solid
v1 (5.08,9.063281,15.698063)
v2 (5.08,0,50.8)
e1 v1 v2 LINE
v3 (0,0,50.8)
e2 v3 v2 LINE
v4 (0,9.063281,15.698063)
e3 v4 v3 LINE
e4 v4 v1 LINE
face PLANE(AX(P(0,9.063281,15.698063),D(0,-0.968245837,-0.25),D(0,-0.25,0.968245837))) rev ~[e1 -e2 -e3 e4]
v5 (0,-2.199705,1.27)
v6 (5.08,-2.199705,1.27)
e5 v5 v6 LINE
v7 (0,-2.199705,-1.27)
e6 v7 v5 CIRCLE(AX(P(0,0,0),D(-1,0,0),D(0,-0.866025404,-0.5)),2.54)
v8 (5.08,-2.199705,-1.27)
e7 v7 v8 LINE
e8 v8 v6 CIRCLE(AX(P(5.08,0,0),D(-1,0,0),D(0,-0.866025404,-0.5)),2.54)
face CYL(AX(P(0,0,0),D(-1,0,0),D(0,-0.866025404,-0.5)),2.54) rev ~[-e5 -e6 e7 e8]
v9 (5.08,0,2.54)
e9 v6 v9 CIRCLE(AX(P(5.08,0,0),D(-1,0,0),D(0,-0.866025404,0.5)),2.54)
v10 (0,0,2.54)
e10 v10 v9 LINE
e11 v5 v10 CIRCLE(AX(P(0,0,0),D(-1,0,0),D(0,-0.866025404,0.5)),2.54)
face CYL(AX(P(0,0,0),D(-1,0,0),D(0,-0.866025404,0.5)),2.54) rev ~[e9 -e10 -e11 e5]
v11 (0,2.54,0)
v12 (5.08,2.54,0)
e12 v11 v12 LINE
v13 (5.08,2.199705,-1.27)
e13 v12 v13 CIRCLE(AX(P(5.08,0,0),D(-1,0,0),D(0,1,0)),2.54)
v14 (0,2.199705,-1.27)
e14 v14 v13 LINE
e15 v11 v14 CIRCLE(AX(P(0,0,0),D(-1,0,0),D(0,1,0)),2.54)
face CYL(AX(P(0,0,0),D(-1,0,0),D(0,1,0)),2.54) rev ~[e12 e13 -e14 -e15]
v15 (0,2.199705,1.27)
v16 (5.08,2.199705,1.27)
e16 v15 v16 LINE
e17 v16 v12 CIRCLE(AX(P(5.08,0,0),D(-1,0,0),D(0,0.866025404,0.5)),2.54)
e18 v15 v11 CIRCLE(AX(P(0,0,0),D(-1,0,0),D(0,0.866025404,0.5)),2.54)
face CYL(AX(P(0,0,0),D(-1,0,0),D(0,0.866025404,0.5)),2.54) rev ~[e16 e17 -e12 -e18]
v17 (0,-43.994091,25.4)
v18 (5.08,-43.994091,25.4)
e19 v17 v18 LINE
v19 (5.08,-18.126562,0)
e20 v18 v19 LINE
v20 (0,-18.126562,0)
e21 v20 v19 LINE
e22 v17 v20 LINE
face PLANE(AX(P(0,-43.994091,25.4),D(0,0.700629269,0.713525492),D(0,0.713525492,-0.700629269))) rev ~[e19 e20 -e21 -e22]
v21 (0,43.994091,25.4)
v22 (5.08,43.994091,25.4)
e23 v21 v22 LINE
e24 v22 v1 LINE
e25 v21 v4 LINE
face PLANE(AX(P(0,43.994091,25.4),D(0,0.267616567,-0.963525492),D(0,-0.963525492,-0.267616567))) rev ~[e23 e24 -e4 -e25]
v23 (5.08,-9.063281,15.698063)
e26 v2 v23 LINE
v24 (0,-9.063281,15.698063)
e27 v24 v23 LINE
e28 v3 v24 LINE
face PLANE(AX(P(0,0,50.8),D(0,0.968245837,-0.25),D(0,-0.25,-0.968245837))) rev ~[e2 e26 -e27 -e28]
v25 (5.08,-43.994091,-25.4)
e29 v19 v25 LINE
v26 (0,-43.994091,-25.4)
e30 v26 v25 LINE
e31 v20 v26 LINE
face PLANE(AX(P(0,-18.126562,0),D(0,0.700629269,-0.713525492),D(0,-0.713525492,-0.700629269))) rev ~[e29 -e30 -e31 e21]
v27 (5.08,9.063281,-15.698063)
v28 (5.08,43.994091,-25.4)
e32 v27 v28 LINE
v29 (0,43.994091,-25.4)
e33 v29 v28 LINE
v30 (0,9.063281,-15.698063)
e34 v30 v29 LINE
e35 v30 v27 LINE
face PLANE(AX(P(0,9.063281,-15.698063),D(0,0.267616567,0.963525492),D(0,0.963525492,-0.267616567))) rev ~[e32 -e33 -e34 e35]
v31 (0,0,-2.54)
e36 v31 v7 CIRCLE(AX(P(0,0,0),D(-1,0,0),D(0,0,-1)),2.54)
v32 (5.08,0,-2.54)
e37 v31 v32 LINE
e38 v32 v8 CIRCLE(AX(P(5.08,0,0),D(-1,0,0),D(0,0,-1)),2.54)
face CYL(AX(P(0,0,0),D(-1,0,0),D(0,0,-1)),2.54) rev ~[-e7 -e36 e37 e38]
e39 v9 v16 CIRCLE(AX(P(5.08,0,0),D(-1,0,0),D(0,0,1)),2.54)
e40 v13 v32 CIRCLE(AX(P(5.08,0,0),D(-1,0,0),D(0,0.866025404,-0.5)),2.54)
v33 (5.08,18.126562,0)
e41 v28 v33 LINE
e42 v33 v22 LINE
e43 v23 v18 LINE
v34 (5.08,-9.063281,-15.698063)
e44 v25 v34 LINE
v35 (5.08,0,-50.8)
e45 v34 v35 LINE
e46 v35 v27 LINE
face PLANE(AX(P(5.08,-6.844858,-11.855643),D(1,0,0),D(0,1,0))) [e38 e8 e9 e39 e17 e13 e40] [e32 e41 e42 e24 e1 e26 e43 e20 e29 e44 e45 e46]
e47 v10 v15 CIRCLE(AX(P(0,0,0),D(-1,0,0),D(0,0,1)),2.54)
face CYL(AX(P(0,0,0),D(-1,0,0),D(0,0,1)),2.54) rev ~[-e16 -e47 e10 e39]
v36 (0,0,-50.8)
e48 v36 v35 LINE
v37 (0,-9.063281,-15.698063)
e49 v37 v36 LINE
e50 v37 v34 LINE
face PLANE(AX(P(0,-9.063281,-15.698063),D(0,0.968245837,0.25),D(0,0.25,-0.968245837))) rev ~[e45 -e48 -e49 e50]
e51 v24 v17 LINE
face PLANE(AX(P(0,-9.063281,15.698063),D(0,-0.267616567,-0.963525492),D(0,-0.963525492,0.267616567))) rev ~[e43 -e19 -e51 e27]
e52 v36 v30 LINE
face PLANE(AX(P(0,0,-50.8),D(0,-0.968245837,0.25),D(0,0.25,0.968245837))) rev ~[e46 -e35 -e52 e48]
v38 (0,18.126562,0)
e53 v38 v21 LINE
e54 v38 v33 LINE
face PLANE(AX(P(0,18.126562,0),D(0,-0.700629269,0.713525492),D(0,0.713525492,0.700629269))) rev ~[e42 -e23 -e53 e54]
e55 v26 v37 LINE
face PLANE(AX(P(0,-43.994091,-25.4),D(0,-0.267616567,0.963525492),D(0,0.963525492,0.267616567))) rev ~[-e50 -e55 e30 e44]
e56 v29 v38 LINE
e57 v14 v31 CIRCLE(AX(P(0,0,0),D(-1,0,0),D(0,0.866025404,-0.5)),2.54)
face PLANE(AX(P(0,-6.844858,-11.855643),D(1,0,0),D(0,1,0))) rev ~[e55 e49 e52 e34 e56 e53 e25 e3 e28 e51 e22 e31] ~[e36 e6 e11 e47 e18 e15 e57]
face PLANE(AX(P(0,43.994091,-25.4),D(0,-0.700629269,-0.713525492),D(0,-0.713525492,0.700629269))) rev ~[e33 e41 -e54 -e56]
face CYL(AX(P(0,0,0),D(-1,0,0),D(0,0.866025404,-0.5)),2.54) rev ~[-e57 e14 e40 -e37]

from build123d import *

# Parameters (mm, degrees)
F1_DEPTH = 5.08


with BuildPart() as f1:
    # F0 (on Right) → F1 (new body)
    with BuildSketch(Plane.YZ):
        with BuildLine():
            Line((0, -13.1807618078), (-3.3987304051, -12.2367737428))
            ThreePointArc((-3.3987304051, -12.2367737428), (-6.35, -10.9985226281), (-8.8979917191, -9.0617737428))
            Line((-8.8979917191, -9.0617737428), (-11.4148745668, -6.5903809039))
            Line((-11.4148745668, -6.5903809039), (-9.0632810802, -15.6980633142))
            Line((-9.0632810802, -15.6980633142), (0, -13.1807618078))
        make_face()
        with BuildLine():
            ThreePointArc((-8.8979917191, 9.0617737428), (-6.35, 10.9985226281), (-3.3987304051, 12.2367737428))
            Line((-3.3987304051, 12.2367737428), (0, 13.1807618078))
            Line((0, 13.1807618078), (-9.0632810802, 15.6980633142))
            Line((-9.0632810802, 15.6980633142), (-11.4148745668, 6.5903809039))
            Line((-11.4148745668, 6.5903809039), (-8.8979917191, 9.0617737428))
        make_face()
        with BuildLine():
            ThreePointArc((-2.1997045256, -1.27), (-2.54, 0), (-2.1997045256, 1.27))
            Line((-2.1997045256, 1.27), (-10.9985226281, 6.35))
            ThreePointArc((-10.9985226281, 6.35), (-11.7553078763, 4.8065306337), (-12.2967221242, 3.175))
            ThreePointArc((-12.2967221242, 3.175), (-12.7, 0), (-12.2967221242, -3.175))
            ThreePointArc((-12.2967221242, -3.175), (-11.7553078763, -4.8065306337), (-10.9985226281, -6.35))
            Line((-10.9985226281, -6.35), (-2.1997045256, -1.27))
        make_face()
        with BuildLine():
            Line((0, -12.7), (0, -2.54))
            ThreePointArc((0, -2.54), (-1.27, -2.1997045256), (-2.1997045256, -1.27))
            Line((-2.1997045256, -1.27), (-10.9985226281, -6.35))
            ThreePointArc((-10.9985226281, -6.35), (-10.040231571, -7.7771299333), (-8.8979917191, -9.0617737428))
            ThreePointArc((-8.8979917191, -9.0617737428), (-6.35, -10.9985226281), (-3.3987304051, -12.2367737428))
            ThreePointArc((-3.3987304051, -12.2367737428), (-1.7150763053, -12.5836605671), (0, -12.7))
        make_face()
        with BuildLine():
            ThreePointArc((0, 2.54), (1.27, 2.1997045256), (2.1997045256, 1.27))
            Line((2.1997045256, 1.27), (10.9985226281, 6.35))
            ThreePointArc((10.9985226281, 6.35), (10.040231571, 7.7771299333), (8.8979917191, 9.0617737428))
            ThreePointArc((8.8979917191, 9.0617737428), (6.35, 10.9985226281), (3.3987304051, 12.2367737428))
            ThreePointArc((3.3987304051, 12.2367737428), (1.7150763053, 12.5836605671), (0, 12.7))
            Line((0, 12.7), (0, 2.54))
        make_face()
        with BuildLine():
            Line((11.4148745668, -6.5903809039), (8.8979917191, -9.0617737428))
            ThreePointArc((8.8979917191, -9.0617737428), (6.35, -10.9985226281), (3.3987304051, -12.2367737428))
            Line((3.3987304051, -12.2367737428), (0, -13.1807618078))
            Line((0, -13.1807618078), (9.0632810802, -15.6980633142))
            Line((9.0632810802, -15.6980633142), (11.4148745668, -6.5903809039))
        make_face()
        with BuildLine():
            Line((11.4148745668, 6.5903809039), (12.2967221242, 3.175))
            ThreePointArc((12.2967221242, 3.175), (12.5987771426, 1.6002545145), (12.7, 0))
            ThreePointArc((12.7, 0), (12.5987771426, -1.6002545145), (12.2967221242, -3.175))
            Line((12.2967221242, -3.175), (11.4148745668, -6.5903809039))
            Line((11.4148745668, -6.5903809039), (18.1265621605, 0))
            Line((18.1265621605, 0), (11.4148745668, 6.5903809039))
        make_face()
        with BuildLine():
            ThreePointArc((3.3987304051, 12.2367737428), (6.35, 10.9985226281), (8.8979917191, 9.0617737428))
            Line((8.8979917191, 9.0617737428), (11.4148745668, 6.5903809039))
            Line((11.4148745668, 6.5903809039), (9.0632810802, 15.6980633142))
            Line((9.0632810802, 15.6980633142), (0, 13.1807618078))
            Line((0, 13.1807618078), (3.3987304051, 12.2367737428))
        make_face()
        with BuildLine():
            ThreePointArc((-12.2967221242, -3.175), (-12.7, 0), (-12.2967221242, 3.175))
            Line((-12.2967221242, 3.175), (-11.4148745668, 6.5903809039))
            Line((-11.4148745668, 6.5903809039), (-18.1265621605, 0))
            Line((-18.1265621605, 0), (-11.4148745668, -6.5903809039))
            Line((-11.4148745668, -6.5903809039), (-12.2967221242, -3.175))
        make_face()
        with BuildLine():
            Line((-11.4148745668, 6.5903809039), (-10.9985226281, 6.35))
            ThreePointArc((-10.9985226281, 6.35), (-10.040231571, 7.7771299333), (-8.8979917191, 9.0617737428))
            Line((-8.8979917191, 9.0617737428), (-11.4148745668, 6.5903809039))
        make_face()
        with BuildLine():
            Line((11.4148745668, 6.5903809039), (10.9985226281, 6.35))
            ThreePointArc((10.9985226281, 6.35), (11.7553078763, 4.8065306337), (12.2967221242, 3.175))
            Line((12.2967221242, 3.175), (11.4148745668, 6.5903809039))
        make_face()
        with BuildLine():
            ThreePointArc((3.3987304051, -12.2367737428), (1.7150763053, -12.5836605671), (0, -12.7))
            Line((0, -12.7), (0, -13.1807618078))
            Line((0, -13.1807618078), (3.3987304051, -12.2367737428))
        make_face()
        with BuildLine():
            ThreePointArc((-2.1997045256, 1.27), (-1.27, 2.1997045256), (0, 2.54))
            Line((0, 2.54), (0, 12.7))
            ThreePointArc((0, 12.7), (-1.7150763053, 12.5836605671), (-3.3987304051, 12.2367737428))
            ThreePointArc((-3.3987304051, 12.2367737428), (-6.35, 10.9985226281), (-8.8979917191, 9.0617737428))
            ThreePointArc((-8.8979917191, 9.0617737428), (-10.040231571, 7.7771299333), (-10.9985226281, 6.35))
            Line((-10.9985226281, 6.35), (-2.1997045256, 1.27))
        make_face()
        with BuildLine():
            ThreePointArc((2.1997045256, 1.27), (2.4534515988, 0.6574003746), (2.54, 0))
            ThreePointArc((2.54, 0), (2.4534515988, -0.6574003746), (2.1997045256, -1.27))
            Line((2.1997045256, -1.27), (10.9985226281, -6.35))
            ThreePointArc((10.9985226281, -6.35), (11.7553078763, -4.8065306337), (12.2967221242, -3.175))
            ThreePointArc((12.2967221242, -3.175), (12.5987771426, -1.6002545145), (12.7, 0))
            ThreePointArc((12.7, 0), (12.5987771426, 1.6002545145), (12.2967221242, 3.175))
            ThreePointArc((12.2967221242, 3.175), (11.7553078763, 4.8065306337), (10.9985226281, 6.35))
            Line((10.9985226281, 6.35), (2.1997045256, 1.27))
        make_face()
        with BuildLine():
            Line((10.9985226281, -6.35), (2.1997045256, -1.27))
            ThreePointArc((2.1997045256, -1.27), (1.27, -2.1997045256), (0, -2.54))
            Line((0, -2.54), (0, -12.7))
            ThreePointArc((0, -12.7), (1.7150763053, -12.5836605671), (3.3987304051, -12.2367737428))
            ThreePointArc((3.3987304051, -12.2367737428), (6.35, -10.9985226281), (8.8979917191, -9.0617737428))
            ThreePointArc((8.8979917191, -9.0617737428), (10.040231571, -7.7771299333), (10.9985226281, -6.35))
        make_face()
        Polygon((9.0632810802, -15.6980633142), (0, -13.1807618078), (0, -50.8), align=None)
        Polygon((0, -50.8), (0, -13.1807618078), (-9.0632810802, -15.6980633142), align=None)
        Polygon((-9.0632810802, -15.6980633142), (-11.4148745668, -6.5903809039), (-43.9940905122, -25.4), align=None)
        Polygon((-43.9940905122, -25.4), (-11.4148745668, -6.5903809039), (-18.1265621605, 0), align=None)
        Polygon((-43.9940905122, 25.4), (-11.4148745668, 6.5903809039), (-9.0632810802, 15.6980633142), align=None)
        Polygon((-9.0632810802, 15.6980633142), (0, 13.1807618078), (0, 50.8), align=None)
        Polygon((0, 50.8), (0, 13.1807618078), (9.0632810802, 15.6980633142), align=None)
        Polygon((9.0632810802, 15.6980633142), (11.4148745668, 6.5903809039), (43.9940905122, 25.4), align=None)
        Polygon((43.9940905122, 25.4), (11.4148745668, 6.5903809039), (18.1265621605, 0), align=None)
        Polygon((43.9940905122, -25.4), (11.4148745668, -6.5903809039), (9.0632810802, -15.6980633142), align=None)
        Polygon((18.1265621605, 0), (11.4148745668, -6.5903809039), (43.9940905122, -25.4), align=None)
        Polygon((-18.1265621605, 0), (-11.4148745668, 6.5903809039), (-43.9940905122, 25.4), align=None)
        with BuildLine():
            ThreePointArc((-8.8979917191, -9.0617737428), (-10.040231571, -7.7771299333), (-10.9985226281, -6.35))
            Line((-10.9985226281, -6.35), (-11.4148745668, -6.5903809039))
            Line((-11.4148745668, -6.5903809039), (-8.8979917191, -9.0617737428))
        make_face()
        with BuildLine():
            Line((-11.4148745668, -6.5903809039), (-10.9985226281, -6.35))
            ThreePointArc((-10.9985226281, -6.35), (-11.7553078763, -4.8065306337), (-12.2967221242, -3.175))
            Line((-12.2967221242, -3.175), (-11.4148745668, -6.5903809039))
        make_face()
        with BuildLine():
            Line((0, -13.1807618078), (0, -12.7))
            ThreePointArc((0, -12.7), (-1.7150763053, -12.5836605671), (-3.3987304051, -12.2367737428))
            Line((-3.3987304051, -12.2367737428), (0, -13.1807618078))
        make_face()
        with BuildLine():
            Line((11.4148745668, -6.5903809039), (10.9985226281, -6.35))
            ThreePointArc((10.9985226281, -6.35), (10.040231571, -7.7771299333), (8.8979917191, -9.0617737428))
            Line((8.8979917191, -9.0617737428), (11.4148745668, -6.5903809039))
        make_face()
        with BuildLine():
            ThreePointArc((12.2967221242, -3.175), (11.7553078763, -4.8065306337), (10.9985226281, -6.35))
            Line((10.9985226281, -6.35), (11.4148745668, -6.5903809039))
            Line((11.4148745668, -6.5903809039), (12.2967221242, -3.175))
        make_face()
        with BuildLine():
            ThreePointArc((-12.2967221242, 3.175), (-11.7553078763, 4.8065306337), (-10.9985226281, 6.35))
            Line((-10.9985226281, 6.35), (-11.4148745668, 6.5903809039))
            Line((-11.4148745668, 6.5903809039), (-12.2967221242, 3.175))
        make_face()
        with BuildLine():
            ThreePointArc((-3.3987304051, 12.2367737428), (-1.7150763053, 12.5836605671), (0, 12.7))
            Line((0, 12.7), (0, 13.1807618078))
            Line((0, 13.1807618078), (-3.3987304051, 12.2367737428))
        make_face()
        with BuildLine():
            Line((0, 13.1807618078), (0, 12.7))
            ThreePointArc((0, 12.7), (1.7150763053, 12.5836605671), (3.3987304051, 12.2367737428))
            Line((3.3987304051, 12.2367737428), (0, 13.1807618078))
        make_face()
        with BuildLine():
            ThreePointArc((8.8979917191, 9.0617737428), (10.040231571, 7.7771299333), (10.9985226281, 6.35))
            Line((10.9985226281, 6.35), (11.4148745668, 6.5903809039))
            Line((11.4148745668, 6.5903809039), (8.8979917191, 9.0617737428))
        make_face()
    extrude(amount=F1_DEPTH)


solid = f1.part
